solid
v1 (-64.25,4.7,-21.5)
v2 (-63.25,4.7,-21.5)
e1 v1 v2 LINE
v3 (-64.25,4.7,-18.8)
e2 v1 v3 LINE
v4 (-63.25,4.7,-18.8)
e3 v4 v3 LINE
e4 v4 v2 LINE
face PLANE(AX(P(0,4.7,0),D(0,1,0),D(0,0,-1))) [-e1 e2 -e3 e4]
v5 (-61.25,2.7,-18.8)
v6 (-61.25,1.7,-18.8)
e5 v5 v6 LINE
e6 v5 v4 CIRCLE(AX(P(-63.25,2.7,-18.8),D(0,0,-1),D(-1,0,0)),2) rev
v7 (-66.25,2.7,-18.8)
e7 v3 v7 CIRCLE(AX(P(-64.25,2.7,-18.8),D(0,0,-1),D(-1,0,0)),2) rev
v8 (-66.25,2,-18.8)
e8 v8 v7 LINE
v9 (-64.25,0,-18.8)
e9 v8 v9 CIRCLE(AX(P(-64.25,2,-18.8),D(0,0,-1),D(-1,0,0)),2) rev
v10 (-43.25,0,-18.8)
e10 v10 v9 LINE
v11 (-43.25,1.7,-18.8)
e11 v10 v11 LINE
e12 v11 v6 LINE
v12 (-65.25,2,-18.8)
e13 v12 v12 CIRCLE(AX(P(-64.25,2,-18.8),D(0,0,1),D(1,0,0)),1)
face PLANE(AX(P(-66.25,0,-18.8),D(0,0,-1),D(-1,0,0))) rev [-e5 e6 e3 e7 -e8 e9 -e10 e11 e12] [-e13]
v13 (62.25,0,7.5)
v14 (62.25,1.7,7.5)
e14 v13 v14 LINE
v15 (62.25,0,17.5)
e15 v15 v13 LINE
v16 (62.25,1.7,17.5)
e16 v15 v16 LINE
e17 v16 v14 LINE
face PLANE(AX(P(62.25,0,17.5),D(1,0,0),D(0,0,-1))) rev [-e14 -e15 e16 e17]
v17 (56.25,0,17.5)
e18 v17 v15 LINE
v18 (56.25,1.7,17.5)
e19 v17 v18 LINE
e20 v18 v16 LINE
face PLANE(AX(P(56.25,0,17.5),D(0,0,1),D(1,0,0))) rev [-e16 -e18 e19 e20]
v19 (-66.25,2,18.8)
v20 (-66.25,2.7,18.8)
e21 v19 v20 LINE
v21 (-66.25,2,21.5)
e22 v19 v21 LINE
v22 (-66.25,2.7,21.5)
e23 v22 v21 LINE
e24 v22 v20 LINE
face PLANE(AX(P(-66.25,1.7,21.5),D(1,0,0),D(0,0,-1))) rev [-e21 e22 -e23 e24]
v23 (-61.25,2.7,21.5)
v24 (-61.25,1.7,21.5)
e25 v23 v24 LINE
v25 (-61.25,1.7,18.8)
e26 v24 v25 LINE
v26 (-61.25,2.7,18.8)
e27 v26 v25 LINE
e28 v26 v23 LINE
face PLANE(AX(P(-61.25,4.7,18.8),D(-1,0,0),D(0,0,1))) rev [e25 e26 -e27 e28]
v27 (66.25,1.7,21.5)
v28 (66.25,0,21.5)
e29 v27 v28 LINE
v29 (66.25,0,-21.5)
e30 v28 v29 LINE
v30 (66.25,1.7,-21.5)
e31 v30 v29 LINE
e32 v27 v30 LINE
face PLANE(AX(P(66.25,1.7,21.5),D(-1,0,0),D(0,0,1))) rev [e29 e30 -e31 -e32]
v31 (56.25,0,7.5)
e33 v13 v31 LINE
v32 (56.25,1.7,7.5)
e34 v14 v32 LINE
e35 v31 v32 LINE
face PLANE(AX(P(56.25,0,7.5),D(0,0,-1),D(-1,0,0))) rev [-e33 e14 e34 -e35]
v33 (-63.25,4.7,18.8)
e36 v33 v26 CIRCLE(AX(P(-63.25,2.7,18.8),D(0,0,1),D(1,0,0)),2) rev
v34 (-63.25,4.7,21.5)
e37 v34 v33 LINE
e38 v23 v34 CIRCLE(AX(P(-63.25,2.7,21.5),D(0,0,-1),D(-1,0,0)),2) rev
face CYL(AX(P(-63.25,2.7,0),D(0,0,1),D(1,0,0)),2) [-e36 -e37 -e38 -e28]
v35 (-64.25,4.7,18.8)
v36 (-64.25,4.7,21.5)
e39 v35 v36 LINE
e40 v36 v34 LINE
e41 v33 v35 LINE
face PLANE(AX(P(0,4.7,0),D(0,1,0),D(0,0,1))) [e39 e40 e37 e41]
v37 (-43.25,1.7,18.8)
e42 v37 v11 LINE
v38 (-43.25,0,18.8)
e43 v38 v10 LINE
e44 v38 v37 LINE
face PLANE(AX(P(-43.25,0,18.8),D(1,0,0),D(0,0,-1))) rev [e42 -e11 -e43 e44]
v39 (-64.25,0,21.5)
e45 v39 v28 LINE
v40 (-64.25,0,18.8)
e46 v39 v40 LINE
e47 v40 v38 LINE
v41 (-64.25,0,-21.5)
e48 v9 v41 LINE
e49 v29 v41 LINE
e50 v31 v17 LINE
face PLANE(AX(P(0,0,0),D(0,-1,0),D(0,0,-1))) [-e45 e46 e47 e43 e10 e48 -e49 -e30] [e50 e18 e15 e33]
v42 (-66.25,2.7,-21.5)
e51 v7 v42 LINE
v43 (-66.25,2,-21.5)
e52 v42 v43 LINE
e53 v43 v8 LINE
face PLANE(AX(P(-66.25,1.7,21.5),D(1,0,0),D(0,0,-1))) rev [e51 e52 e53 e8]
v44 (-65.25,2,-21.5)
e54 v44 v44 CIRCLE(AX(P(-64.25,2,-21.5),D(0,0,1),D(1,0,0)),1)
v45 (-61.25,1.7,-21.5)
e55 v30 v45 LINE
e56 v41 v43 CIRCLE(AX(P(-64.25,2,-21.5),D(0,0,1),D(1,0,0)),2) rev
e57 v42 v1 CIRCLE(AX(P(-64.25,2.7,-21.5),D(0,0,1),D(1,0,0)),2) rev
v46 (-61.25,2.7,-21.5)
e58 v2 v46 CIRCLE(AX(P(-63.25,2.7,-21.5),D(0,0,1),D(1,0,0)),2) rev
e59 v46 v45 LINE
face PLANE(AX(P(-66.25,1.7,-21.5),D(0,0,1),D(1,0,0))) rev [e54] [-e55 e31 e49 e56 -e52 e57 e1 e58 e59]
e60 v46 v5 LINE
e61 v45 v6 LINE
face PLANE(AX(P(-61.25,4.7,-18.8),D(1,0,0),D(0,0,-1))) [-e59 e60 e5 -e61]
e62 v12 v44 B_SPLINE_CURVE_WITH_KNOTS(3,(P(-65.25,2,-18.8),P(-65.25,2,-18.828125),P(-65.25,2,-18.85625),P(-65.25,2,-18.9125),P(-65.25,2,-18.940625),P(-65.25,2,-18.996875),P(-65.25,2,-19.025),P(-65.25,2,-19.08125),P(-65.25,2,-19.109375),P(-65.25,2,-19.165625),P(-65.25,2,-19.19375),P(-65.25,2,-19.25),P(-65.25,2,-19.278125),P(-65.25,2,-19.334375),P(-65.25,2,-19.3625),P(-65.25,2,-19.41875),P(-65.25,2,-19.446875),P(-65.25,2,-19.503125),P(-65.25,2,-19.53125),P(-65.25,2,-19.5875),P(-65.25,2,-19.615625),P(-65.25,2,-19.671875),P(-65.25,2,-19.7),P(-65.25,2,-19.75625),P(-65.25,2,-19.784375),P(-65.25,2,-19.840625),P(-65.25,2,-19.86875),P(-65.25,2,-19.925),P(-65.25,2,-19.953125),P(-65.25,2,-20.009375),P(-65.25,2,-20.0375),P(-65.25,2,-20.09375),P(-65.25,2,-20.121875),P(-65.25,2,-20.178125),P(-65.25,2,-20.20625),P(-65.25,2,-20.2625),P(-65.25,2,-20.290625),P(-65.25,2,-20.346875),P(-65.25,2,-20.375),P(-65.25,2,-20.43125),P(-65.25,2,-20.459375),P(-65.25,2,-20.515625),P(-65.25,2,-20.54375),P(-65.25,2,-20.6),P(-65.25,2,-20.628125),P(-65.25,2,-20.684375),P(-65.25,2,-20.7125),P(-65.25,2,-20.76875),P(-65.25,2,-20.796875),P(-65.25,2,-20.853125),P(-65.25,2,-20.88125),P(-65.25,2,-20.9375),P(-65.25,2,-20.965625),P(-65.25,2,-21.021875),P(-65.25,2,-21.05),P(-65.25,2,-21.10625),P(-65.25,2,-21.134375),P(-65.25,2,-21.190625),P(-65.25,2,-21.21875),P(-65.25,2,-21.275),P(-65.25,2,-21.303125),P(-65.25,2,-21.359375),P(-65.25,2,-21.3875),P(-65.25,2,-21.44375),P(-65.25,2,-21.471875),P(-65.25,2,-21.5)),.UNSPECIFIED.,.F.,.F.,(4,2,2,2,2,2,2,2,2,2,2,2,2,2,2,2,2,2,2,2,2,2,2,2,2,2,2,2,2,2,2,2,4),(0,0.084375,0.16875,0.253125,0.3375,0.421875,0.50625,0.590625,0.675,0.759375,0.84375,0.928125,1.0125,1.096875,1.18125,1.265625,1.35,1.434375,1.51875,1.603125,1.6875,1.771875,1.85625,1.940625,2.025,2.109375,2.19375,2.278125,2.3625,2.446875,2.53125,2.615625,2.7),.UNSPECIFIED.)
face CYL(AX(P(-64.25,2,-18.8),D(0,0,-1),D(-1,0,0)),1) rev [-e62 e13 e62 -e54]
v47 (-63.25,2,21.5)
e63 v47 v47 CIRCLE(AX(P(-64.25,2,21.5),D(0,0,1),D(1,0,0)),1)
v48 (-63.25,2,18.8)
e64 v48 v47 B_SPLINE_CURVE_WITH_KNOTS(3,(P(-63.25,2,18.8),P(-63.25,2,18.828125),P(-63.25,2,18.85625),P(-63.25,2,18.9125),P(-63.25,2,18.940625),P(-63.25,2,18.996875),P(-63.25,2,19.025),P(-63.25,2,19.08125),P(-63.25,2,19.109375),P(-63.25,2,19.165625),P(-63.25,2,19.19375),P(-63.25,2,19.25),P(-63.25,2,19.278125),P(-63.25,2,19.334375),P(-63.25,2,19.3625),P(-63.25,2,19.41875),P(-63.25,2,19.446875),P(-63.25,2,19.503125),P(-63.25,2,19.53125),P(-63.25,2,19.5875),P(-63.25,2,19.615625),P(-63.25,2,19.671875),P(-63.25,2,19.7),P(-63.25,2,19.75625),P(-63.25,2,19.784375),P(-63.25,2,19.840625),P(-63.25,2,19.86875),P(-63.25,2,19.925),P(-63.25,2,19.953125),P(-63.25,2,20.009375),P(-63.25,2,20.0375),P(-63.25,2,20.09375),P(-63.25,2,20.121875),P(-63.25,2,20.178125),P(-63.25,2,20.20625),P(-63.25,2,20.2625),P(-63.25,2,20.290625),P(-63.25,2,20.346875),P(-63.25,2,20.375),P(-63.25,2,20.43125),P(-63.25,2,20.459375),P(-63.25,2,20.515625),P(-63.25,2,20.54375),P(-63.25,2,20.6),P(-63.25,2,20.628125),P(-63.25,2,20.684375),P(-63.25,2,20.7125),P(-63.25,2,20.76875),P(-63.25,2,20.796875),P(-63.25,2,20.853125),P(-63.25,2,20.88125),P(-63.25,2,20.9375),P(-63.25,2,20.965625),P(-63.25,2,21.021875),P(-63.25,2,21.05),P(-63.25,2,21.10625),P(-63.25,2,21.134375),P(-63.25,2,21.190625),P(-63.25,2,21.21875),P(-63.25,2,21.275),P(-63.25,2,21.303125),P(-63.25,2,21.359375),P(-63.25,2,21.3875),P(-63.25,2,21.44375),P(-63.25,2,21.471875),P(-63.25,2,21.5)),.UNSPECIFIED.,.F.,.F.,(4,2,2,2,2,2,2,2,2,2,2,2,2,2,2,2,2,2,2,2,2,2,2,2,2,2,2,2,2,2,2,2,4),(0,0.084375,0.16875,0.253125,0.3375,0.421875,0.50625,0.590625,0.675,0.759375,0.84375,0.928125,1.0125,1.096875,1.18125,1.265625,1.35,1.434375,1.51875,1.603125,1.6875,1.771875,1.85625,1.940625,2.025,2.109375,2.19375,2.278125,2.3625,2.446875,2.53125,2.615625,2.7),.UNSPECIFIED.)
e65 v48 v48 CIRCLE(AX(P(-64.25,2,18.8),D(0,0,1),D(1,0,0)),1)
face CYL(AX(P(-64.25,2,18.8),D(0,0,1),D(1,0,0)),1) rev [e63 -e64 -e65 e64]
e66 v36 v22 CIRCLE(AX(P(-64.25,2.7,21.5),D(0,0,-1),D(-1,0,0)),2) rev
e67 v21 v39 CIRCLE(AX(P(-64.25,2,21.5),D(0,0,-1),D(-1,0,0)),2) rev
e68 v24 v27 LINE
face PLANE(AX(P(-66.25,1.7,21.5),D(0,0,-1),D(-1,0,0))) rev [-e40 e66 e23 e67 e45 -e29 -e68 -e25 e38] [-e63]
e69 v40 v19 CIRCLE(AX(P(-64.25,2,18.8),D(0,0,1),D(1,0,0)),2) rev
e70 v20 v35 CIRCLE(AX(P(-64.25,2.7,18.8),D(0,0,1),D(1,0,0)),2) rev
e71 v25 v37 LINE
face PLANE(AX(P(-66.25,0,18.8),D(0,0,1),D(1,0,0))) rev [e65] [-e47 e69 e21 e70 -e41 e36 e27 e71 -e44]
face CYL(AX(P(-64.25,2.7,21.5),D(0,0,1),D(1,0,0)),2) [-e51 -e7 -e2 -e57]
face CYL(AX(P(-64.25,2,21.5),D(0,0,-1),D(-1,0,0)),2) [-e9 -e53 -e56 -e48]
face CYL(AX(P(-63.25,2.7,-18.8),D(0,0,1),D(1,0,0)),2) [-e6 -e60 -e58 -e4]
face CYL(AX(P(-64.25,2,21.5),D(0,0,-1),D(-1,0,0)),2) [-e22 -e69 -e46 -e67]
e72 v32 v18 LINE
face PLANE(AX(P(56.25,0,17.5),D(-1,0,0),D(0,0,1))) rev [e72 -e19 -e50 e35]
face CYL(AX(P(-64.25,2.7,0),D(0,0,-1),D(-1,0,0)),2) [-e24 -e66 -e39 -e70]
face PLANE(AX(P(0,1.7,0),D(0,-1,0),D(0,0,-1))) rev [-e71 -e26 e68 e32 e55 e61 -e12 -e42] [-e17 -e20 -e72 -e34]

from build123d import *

# Parameters (mm, degrees)
SKETCH1_W            = 132.5
SKETCH1_H            = 43
BOSS_EXTRUDE1_DEPTH  = 1.7
SKETCH2_W            = 23
SKETCH2_H            = 37.6
CUT_EXTRUDE1_DEPTH   = 1.7
SKETCH4_W            = 5
SKETCH4_H            = 2.7
BOSS_EXTRUDE2_DEPTH  = 3
SKETCH5_R            = 1
CUT_EXTRUDE2_DEPTH   = 2.7
FILLET1_R            = 2
FILLET1_OF_MIRROR2_R = 2
SKETCH10_W           = 6
SKETCH10_H           = 10
CUT_EXTRUDE3_DEPTH   = 1.7


with BuildPart() as part:
    # Sketch1 → Boss-Extrude1 (new body)
    with BuildSketch(Plane(origin=(0, 0, 0), x_dir=(1, 0, 0), z_dir=(0, 1, 0))):
        Rectangle(SKETCH1_W, SKETCH1_H)
    extrude(amount=BOSS_EXTRUDE1_DEPTH)

    # Sketch2 → Cut-Extrude1 (cut)
    with BuildSketch(Plane(origin=(0, 1.7, 0), x_dir=(1, 0, 0), z_dir=(0, 1, 0))):
        with Locations((-54.75, 0)):
            Rectangle(SKETCH2_W, SKETCH2_H)
    extrude(amount=-CUT_EXTRUDE1_DEPTH, mode=Mode.SUBTRACT)

    # Sketch4 → Boss-Extrude2 (add)
    with BuildSketch(Plane(origin=(0, 1.7, 0), x_dir=(1, 0, 0), z_dir=(0, 1, 0))):
        with Locations((-63.75, -20.15)):
            Rectangle(SKETCH4_W, SKETCH4_H)
    boss_extrude2 = extrude(amount=BOSS_EXTRUDE2_DEPTH)

    # Sketch5 → Cut-Extrude2 (cut)
    with BuildSketch(Plane.XY.offset(21.5)):
        with Locations((-64.25, 2)):
            Circle(SKETCH5_R)
    cut_extrude2 = extrude(amount=-CUT_EXTRUDE2_DEPTH, mode=Mode.SUBTRACT)

    # Fillet1
    fillet1_edges = [part.edges().sort_by_distance(p)[0] for p in [
        (-66.25, 0, 20.15),
        (-66.25, 4.7, 20.15),
        (-61.25, 4.7, 20.15),
    ]]
    fillet(fillet1_edges, radius=FILLET1_R)

    # Mirror2: Boss-Extrude2, Cut-Extrude2 across plane
    add(boss_extrude2.mirror(Plane.XY))
    add(cut_extrude2.mirror(Plane.XY), mode=Mode.SUBTRACT)

    # Fillet1 of Mirror2
    fillet1_of_mirror2_edges = [part.edges().sort_by_distance(p)[0] for p in [
        (-66.25, 0, -20.15),
        (-66.25, 4.7, -20.15),
        (-61.25, 4.7, -20.15),
    ]]
    fillet(fillet1_of_mirror2_edges, radius=FILLET1_OF_MIRROR2_R)

    # Sketch10 → Cut-Extrude3 (cut)
    with BuildSketch(Plane(origin=(0, 1.7, 0), x_dir=(1, 0, 0), z_dir=(0, 1, 0))):
        with Locations((59.25, -12.5)):
            Rectangle(SKETCH10_W, SKETCH10_H)
    extrude(amount=-CUT_EXTRUDE3_DEPTH, mode=Mode.SUBTRACT)


solid = part.part
